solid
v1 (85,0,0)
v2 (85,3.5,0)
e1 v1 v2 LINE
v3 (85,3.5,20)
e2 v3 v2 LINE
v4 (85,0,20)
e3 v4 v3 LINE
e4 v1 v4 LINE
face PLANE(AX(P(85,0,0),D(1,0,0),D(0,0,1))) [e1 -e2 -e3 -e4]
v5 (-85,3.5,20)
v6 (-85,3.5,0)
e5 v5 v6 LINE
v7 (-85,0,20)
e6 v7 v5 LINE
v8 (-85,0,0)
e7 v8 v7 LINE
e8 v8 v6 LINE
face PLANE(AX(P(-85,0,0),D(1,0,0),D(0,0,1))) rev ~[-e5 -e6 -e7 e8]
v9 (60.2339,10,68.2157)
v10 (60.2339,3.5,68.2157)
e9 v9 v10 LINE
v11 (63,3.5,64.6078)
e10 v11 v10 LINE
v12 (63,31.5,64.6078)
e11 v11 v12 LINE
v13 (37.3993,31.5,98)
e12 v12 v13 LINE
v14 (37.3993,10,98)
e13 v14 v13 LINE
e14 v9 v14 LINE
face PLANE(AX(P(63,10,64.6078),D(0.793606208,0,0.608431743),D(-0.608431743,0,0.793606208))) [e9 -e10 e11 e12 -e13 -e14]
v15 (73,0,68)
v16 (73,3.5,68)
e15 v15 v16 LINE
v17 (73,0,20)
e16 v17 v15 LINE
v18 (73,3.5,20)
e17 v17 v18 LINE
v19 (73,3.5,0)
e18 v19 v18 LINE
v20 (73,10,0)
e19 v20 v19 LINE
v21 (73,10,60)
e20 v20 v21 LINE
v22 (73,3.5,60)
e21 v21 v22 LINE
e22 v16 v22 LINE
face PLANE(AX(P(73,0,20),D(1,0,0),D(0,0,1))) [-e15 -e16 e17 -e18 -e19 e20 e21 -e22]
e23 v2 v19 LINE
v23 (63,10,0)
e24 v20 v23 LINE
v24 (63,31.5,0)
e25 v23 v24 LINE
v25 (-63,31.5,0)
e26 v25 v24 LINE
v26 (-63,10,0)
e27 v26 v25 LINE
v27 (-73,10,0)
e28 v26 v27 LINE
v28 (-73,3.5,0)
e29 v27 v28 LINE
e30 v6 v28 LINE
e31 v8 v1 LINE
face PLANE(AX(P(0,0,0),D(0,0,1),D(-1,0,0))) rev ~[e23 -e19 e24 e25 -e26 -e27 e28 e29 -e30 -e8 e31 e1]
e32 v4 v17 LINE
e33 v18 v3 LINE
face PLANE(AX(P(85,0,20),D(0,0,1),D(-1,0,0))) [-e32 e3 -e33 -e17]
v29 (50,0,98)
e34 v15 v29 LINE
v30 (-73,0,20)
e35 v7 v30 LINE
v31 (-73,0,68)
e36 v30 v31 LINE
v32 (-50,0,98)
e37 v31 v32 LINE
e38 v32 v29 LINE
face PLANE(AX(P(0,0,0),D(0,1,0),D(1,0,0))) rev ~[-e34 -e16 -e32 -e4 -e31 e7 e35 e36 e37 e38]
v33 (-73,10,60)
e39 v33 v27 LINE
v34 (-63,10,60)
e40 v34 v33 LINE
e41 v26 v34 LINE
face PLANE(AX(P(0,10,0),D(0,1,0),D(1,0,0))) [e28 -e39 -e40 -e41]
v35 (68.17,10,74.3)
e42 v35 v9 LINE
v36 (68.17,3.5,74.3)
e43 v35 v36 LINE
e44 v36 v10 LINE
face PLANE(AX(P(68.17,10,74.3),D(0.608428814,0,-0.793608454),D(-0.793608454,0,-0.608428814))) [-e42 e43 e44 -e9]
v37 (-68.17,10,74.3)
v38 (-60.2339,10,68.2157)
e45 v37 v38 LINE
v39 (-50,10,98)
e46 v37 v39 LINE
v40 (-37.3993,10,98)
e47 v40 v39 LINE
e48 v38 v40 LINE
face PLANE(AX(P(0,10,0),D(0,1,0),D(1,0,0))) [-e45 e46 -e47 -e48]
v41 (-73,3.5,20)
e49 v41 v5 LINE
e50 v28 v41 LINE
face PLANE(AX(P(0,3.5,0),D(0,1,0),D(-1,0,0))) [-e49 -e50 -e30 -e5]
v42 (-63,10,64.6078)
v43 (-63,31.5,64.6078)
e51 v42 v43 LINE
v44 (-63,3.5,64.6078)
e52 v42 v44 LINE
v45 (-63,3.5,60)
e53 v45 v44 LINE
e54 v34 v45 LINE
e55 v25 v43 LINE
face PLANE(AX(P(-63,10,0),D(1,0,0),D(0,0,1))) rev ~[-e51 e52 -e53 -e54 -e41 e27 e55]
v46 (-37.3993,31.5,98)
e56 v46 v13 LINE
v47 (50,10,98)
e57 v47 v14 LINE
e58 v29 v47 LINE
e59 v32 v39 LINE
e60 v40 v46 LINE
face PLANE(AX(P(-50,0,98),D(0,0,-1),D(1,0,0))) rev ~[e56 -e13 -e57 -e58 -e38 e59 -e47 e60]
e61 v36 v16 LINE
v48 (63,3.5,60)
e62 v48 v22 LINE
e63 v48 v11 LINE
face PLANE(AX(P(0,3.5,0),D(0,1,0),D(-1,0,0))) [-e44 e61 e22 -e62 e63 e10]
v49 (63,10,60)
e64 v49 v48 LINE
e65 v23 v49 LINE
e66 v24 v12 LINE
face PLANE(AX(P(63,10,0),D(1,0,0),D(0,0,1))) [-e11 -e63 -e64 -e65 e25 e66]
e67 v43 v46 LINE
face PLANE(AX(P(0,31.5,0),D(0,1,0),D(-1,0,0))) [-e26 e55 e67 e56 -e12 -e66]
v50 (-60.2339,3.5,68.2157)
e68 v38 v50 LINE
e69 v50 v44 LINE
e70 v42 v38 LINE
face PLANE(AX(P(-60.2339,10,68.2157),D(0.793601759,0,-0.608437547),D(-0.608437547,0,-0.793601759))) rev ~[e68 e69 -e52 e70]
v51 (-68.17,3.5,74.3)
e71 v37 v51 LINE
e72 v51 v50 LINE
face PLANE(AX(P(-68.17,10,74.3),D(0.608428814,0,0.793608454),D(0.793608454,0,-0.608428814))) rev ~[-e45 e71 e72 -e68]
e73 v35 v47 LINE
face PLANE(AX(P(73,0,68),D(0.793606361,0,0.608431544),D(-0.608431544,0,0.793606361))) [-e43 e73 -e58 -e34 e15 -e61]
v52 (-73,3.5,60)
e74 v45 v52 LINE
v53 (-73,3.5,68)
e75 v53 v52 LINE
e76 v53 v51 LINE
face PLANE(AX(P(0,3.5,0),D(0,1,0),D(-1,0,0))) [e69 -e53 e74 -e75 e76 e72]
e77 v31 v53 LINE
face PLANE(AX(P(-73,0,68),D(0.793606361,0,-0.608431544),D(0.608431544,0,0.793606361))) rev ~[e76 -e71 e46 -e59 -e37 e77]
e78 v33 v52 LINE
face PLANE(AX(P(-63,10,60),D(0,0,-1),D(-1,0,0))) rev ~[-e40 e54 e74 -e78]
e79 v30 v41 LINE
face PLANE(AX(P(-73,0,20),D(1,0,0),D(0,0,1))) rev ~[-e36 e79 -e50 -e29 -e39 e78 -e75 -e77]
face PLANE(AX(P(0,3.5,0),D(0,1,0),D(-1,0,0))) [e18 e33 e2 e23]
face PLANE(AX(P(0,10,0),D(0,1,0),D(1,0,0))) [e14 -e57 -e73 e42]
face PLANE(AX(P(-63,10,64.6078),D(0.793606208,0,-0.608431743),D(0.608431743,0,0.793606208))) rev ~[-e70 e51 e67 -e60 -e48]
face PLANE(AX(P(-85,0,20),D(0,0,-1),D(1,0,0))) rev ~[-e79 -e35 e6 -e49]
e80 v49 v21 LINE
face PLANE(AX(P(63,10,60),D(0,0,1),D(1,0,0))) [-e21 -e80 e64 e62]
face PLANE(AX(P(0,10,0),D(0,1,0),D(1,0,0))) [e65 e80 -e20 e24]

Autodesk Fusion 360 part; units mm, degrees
sketch "Sketch1" plane through (0, 0, 0) normal (0, 1, 0) x (1, 0, 0)
  line L0 (0, 0) -> (-85, 0)
  line L1 (0, 0) -> (0, -98)
  line L2 (-85, 0) -> (-85, -20)
  line L3 (-85, -20) -> (-73, -20)
  line L4 (-73, -20) -> (-73, -68)
  line L5 (-73, -68) -> (-50, -98)
  line L6 (-50, -98) -> (0, -98)
  line L7 (50, -98) -> (0, -98)
  line L8 (73, -68) -> (50, -98)
  line L9 (73, -20) -> (73, -68)
  line L10 (85, -20) -> (73, -20)
  line L11 (85, 0) -> (85, -20)
  line L12 (0, 0) -> (85, 0)
  dimension "d1" = 85
  dimension "d2" = 20
  dimension "d3" = 12
  dimension "d4" = 48
  dimension "d5" = 98
  dimension "d6" = 50
extrude "Extrude1" add sketch "Sketch1" along normal blind 10
sketch "Sketch2" plane through (0, 10, 0) normal (0, 1, 0) x (-1, 0, 0)
  line L0 (85, 0) -> (85, 20)
  line L1 (85, 20) -> (73, 20)
  line L2 (73, 20) -> (73, 68)
  line L3 (73, 68) -> (50, 98)
  line L4 (50, 98) -> (-50, 98)
  line L5 (-50, 98) -> (-73, 68)
  line L6 (-73, 68) -> (-73, 20)
  line L7 (-73, 20) -> (-85, 20)
  line L8 (-85, 20) -> (-85, 0)
  line L9 (-85, 0) -> (85, 0)
  line L10 (-63, 0) -> (-63, 64.6078)
  line L11 (-63, 64.6078) -> (-37.3993, 98)
  line L12 (0, 98) -> (0, 0)
  line L13 (63, 64.6078) -> (37.3993, 98)
  line L14 (63, 0) -> (63, 64.6078)
  dimension "d9" = 10
  dimension "d10" = 10
extrude "Extrude2" add sketch "Sketch2" along normal blind 21.5 contours L4 L9 L12 L13 L14 | L4 L9 L10 L11 L12
sketch "Sketch3" plane through (0, 10, 0) normal (0, 1, 0) x (-1, 0, 0)
  line L0 (-63, 64.6078) -> (-37.3993, 98)
  line L1 (-37.3993, 98) -> (-50, 98)
  line L2 (-50, 98) -> (-73, 68)
  line L3 (-73, 68) -> (-73, 20)
  line L4 (-73, 20) -> (-85, 20)
  line L5 (-85, 20) -> (-85, 0)
  line L6 (-85, 0) -> (-63, 0)
  line L7 (-63, 0) -> (-63, 64.6078)
  line L8 (-73, 20) -> (-85, 20)
  line L9 (-85, 20) -> (-85, 0)
  line L10 (-85, 0) -> (-73, 0)
  line L11 (-73, 0) -> (-73, 20)
  line L12 (0, 0) -> (0, 105.5931)
  line L13 (73, 20) -> (85, 20)
  line L14 (73, 0) -> (73, 20)
  line L15 (85, 20) -> (85, 0)
  line L16 (85, 0) -> (73, 0)
  line L17 (-68.17, 74.3) -> (-60.2339, 68.2157)
  line L18 (-60.2339, 68.2157) -> (-63, 64.6078)
  line L19 (-63, 60) -> (-73, 60)
  line L20 (-73, 68) -> (-68.17, 74.3)
  line L21 (-73, 68) -> (-73, 60)
  line L22 (-63, 60) -> (-63, 64.6078)
  line L23 (63, 60) -> (73, 60)
  line L24 (63, 60) -> (63, 64.6078)
  line L25 (60.2339, 68.2157) -> (63, 64.6078)
  line L26 (68.17, 74.3) -> (60.2339, 68.2157)
  line L27 (73, 68) -> (68.17, 74.3)
  line L28 (73, 68) -> (73, 60)
  dimension "d15" = 8
  dimension "d20" = 6.3
extrude "Extrude3" cut sketch "Sketch3" against normal blind 6.5 contours L0 L2 L3 L7 L17 L18 L19 L20 L21 L22 | L4 L5 L6 L8 L9 L10 L11 | L13 L14 L15 L16 | L23 L24 L25 L26 L27 L28
equation "d1 = ( 170 / 2 ) * 1 mm"
equation "d10 = d9"
